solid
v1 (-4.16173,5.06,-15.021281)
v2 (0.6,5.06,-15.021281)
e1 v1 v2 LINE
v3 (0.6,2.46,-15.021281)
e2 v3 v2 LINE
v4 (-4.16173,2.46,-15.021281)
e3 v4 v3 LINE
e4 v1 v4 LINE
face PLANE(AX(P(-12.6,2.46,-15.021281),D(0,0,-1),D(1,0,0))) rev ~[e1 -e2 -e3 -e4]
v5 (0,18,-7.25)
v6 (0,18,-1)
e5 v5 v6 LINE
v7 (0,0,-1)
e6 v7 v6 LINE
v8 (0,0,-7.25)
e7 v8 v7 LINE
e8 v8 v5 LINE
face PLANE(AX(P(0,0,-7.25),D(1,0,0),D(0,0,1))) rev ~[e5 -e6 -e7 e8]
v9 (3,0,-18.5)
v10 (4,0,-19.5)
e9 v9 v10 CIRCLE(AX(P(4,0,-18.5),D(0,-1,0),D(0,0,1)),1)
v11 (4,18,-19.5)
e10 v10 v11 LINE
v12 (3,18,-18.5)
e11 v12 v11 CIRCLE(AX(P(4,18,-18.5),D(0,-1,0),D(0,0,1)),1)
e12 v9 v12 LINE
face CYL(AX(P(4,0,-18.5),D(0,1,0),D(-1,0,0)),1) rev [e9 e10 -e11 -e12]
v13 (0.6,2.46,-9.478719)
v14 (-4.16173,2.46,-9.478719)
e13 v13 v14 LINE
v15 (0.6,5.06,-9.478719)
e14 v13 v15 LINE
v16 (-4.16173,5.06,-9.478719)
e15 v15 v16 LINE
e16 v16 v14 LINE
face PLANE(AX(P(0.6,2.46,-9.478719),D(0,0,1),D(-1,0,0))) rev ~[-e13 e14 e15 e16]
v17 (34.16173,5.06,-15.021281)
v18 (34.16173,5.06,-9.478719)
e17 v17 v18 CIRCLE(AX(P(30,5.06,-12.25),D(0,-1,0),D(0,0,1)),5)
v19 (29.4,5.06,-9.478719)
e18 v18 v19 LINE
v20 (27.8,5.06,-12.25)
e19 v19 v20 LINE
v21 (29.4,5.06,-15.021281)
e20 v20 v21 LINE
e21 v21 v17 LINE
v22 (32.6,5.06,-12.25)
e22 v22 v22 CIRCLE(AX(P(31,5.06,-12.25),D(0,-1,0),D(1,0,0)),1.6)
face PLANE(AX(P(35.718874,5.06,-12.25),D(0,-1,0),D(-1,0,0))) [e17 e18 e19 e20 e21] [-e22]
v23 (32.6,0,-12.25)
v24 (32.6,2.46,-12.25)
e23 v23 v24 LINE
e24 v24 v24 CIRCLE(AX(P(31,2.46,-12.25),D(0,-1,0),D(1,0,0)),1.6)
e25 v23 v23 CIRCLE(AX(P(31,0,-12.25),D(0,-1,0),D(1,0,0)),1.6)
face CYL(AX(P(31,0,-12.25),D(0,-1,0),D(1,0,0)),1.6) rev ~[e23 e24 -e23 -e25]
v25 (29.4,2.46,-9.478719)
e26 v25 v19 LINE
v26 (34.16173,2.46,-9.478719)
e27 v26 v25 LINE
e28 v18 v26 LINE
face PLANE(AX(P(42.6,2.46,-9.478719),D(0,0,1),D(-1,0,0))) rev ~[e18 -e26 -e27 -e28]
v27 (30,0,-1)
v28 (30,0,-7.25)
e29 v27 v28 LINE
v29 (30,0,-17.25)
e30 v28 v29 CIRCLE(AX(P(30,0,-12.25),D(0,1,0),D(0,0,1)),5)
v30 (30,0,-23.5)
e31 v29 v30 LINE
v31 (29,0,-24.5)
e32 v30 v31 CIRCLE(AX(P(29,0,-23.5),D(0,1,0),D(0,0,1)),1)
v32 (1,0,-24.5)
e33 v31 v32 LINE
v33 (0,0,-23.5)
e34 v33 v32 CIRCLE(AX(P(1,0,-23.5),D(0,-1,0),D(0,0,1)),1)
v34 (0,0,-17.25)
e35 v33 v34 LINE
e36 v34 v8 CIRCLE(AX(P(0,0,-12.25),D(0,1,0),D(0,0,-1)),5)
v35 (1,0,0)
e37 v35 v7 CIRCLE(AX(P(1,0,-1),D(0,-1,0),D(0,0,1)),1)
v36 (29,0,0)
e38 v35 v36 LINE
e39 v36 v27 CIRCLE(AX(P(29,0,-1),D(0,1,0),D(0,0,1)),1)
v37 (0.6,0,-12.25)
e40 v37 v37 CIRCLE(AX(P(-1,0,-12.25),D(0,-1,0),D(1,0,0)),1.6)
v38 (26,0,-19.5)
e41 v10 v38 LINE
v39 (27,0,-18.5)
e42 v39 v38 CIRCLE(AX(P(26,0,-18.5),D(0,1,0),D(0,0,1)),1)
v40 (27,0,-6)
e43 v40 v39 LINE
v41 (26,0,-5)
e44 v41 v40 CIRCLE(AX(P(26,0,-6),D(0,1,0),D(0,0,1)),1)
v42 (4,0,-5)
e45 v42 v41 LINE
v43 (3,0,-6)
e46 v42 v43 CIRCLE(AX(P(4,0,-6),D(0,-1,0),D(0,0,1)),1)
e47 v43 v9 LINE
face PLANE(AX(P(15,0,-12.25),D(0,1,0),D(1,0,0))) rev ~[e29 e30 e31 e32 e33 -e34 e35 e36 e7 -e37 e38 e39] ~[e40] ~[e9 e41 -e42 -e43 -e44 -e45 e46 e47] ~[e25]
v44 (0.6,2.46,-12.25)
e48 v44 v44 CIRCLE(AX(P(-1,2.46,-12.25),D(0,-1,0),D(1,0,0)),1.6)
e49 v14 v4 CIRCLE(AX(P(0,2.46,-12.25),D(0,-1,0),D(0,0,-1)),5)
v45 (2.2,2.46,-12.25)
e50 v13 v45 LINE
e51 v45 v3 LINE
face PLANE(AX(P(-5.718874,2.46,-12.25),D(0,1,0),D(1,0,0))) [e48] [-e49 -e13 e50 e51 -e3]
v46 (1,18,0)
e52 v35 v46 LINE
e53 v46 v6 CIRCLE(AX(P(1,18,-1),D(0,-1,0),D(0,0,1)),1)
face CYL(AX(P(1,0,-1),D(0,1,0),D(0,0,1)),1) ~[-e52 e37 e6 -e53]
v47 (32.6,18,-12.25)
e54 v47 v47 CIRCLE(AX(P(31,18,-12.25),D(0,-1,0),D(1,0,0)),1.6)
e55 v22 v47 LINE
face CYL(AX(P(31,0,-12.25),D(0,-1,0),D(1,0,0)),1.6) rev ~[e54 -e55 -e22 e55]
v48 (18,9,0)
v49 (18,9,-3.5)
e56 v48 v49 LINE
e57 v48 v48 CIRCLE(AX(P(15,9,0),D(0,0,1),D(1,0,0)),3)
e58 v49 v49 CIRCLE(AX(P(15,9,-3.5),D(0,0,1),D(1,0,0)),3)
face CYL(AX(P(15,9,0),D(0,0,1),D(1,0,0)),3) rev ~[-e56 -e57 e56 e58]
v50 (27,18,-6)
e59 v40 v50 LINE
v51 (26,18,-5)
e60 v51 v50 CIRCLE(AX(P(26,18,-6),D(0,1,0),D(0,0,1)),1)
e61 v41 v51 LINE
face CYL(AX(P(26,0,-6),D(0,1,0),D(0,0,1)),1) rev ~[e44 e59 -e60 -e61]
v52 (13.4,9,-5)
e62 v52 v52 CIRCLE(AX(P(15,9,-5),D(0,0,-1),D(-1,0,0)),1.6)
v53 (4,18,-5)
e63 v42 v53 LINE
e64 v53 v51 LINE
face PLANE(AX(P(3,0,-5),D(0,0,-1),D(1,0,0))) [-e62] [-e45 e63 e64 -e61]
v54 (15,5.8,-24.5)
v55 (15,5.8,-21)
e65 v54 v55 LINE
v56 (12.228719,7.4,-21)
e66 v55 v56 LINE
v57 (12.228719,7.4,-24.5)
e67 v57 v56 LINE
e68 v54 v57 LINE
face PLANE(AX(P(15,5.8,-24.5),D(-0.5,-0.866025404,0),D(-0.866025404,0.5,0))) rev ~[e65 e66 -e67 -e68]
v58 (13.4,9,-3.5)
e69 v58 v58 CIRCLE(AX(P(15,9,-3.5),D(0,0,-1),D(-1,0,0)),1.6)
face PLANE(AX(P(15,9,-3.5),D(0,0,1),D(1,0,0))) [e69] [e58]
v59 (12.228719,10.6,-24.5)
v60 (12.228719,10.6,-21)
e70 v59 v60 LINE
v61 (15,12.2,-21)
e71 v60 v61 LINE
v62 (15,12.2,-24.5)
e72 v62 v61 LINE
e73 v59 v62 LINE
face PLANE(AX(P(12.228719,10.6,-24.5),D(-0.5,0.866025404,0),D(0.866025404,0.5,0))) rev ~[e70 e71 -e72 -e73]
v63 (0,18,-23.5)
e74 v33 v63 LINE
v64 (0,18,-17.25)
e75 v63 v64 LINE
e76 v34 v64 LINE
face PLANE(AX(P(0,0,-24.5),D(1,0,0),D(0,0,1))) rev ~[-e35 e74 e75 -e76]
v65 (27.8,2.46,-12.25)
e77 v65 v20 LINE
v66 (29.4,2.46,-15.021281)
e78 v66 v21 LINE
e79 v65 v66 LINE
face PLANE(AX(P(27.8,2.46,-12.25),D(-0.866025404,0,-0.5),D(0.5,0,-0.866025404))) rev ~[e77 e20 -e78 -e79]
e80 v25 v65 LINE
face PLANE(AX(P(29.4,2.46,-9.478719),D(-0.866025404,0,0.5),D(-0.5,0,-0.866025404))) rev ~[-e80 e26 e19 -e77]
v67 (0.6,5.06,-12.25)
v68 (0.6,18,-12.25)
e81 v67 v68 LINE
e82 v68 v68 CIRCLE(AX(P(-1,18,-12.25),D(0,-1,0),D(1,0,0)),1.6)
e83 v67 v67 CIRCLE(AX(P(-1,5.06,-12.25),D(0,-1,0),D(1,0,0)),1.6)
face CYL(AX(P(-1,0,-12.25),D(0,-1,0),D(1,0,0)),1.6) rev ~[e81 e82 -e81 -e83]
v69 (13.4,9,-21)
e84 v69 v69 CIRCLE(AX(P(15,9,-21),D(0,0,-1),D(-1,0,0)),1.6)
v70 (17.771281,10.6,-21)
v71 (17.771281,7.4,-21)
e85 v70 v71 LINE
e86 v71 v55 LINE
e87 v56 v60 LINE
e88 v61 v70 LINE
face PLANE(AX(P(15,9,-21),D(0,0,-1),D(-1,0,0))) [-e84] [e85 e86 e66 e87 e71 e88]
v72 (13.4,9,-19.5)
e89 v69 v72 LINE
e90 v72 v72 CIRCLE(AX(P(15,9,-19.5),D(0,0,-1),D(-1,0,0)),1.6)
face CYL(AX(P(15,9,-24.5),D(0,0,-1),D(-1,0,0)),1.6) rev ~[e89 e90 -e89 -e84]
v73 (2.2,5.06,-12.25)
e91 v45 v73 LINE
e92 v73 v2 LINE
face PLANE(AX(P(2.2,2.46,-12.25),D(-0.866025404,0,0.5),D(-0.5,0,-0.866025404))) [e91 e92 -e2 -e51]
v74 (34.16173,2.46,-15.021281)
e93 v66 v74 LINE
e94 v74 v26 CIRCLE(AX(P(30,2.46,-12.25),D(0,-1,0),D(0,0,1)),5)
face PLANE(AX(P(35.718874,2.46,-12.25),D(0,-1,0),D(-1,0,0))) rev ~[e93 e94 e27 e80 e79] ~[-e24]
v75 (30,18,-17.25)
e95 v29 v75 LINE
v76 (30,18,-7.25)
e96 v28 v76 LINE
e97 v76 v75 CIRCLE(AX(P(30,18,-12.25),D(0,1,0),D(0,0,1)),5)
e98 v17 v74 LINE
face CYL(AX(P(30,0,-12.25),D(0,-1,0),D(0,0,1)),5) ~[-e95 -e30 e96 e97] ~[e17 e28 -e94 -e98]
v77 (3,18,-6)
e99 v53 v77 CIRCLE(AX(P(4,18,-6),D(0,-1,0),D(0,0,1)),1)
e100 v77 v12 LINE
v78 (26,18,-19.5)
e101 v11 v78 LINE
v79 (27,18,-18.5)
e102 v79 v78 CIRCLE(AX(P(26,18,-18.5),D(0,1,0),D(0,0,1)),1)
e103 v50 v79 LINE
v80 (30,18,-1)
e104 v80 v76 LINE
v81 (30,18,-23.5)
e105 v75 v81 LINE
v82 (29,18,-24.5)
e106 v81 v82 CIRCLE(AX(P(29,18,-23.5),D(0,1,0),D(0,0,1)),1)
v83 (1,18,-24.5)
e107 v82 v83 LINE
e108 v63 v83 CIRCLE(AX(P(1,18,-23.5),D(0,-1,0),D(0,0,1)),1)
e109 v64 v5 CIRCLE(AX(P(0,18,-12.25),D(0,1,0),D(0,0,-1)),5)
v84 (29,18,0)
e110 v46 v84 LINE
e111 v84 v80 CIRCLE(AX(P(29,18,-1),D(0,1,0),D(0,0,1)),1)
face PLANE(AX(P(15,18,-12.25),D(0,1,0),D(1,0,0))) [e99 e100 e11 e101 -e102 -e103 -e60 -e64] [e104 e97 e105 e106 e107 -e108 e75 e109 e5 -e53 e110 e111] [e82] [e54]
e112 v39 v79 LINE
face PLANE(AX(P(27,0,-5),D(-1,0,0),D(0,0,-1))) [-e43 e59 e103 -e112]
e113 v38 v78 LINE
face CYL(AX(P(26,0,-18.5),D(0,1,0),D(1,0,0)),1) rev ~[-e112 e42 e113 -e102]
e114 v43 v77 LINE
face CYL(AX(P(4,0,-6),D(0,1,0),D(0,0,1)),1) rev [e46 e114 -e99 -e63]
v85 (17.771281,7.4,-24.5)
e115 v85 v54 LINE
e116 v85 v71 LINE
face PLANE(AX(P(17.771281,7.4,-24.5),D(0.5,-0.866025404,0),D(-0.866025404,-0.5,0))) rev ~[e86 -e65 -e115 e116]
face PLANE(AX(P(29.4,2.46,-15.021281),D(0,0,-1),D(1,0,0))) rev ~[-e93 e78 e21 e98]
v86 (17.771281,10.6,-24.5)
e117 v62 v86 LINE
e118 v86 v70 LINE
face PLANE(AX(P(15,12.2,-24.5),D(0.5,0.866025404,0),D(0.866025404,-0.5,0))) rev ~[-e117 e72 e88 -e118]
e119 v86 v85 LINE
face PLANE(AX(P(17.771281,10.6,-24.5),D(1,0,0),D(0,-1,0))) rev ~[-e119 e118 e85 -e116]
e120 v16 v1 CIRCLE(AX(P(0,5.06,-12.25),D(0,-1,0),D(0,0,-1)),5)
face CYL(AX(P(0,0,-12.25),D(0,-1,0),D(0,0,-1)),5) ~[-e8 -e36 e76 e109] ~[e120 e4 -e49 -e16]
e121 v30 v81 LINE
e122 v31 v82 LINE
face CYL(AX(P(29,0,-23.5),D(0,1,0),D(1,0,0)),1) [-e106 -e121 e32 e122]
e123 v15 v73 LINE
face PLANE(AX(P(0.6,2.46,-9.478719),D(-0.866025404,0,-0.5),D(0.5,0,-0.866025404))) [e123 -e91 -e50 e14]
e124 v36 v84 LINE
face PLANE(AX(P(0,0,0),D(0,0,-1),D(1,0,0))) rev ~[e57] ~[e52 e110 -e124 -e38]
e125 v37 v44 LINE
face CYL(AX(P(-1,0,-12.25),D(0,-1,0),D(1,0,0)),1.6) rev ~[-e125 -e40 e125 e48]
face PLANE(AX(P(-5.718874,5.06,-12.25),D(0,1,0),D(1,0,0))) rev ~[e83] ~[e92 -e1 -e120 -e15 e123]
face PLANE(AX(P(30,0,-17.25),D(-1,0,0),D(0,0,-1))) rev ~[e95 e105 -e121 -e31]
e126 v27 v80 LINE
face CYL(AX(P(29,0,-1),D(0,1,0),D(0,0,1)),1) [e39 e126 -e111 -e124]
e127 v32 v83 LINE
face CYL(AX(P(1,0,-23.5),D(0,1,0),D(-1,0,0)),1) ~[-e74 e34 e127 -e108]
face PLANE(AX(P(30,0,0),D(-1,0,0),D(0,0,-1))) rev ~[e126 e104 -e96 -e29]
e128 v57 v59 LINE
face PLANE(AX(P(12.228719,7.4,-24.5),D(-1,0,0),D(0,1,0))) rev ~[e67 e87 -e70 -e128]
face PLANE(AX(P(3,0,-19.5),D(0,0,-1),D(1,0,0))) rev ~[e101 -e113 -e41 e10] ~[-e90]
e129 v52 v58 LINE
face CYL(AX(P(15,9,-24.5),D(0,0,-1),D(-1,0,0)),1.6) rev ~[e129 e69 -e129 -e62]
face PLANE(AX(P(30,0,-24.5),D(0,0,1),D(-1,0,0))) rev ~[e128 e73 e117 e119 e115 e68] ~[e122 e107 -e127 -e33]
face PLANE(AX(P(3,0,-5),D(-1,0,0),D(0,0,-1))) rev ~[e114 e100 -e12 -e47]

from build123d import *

# Parameters (mm, degrees)
SKETCH1_W           = 24
SKETCH1_H           = 14.5
BOSS_EXTRUDE1_DEPTH = 18
SKETCH2_R           = 1.6
CUT_EXTRUDE1_DEPTH  = 19
SKETCH3_R           = 1.6
CUT_EXTRUDE2_DEPTH  = 25.5
SKETCH4_R           = 3
CUT_EXTRUDE3_DEPTH  = 3.5
CUT_EXTRUDE4_DEPTH  = 3.5
FILLET1_R           = 1
CUT_EXTRUDE5_DEPTH  = 2.6


with BuildPart() as part:
    # Sketch1 → Boss-Extrude1 (new body)
    with BuildSketch(Plane(origin=(0, 0, 0), x_dir=(1, 0, 0), z_dir=(0, 1, 0))):
        with BuildLine():
            Line((0, 0), (30, 0))
            Line((30, 0), (30, 7.25))
            ThreePointArc((30, 7.25), (35, 12.25), (30, 17.25))
            Line((30, 17.25), (30, 24.5))
            Line((30, 24.5), (0, 24.5))
            Line((0, 24.5), (0, 17.25))
            ThreePointArc((0, 17.25), (-5, 12.25), (0, 7.25))
            Line((0, 7.25), (0, 0))
        make_face()
        with Locations((15, 12.25)):
            Rectangle(SKETCH1_W, SKETCH1_H, mode=Mode.SUBTRACT)
    extrude(amount=BOSS_EXTRUDE1_DEPTH)

    # Sketch2 → Cut-Extrude1 (cut, through all)
    with BuildSketch(Plane.XZ):
        with Locations((31, -12.25)):
            Circle(SKETCH2_R)
        with Locations((-1, -12.25)):
            Circle(SKETCH2_R)
    extrude(amount=-CUT_EXTRUDE1_DEPTH, mode=Mode.SUBTRACT)

    # Sketch3 → Cut-Extrude2 (cut, through all)
    with BuildSketch(Plane(origin=(0, 0, -24.5), x_dir=(-1, 0, 0), z_dir=(0, 0, -1))):
        with Locations((-15, 9)):
            Circle(SKETCH3_R)
    extrude(amount=-CUT_EXTRUDE2_DEPTH, mode=Mode.SUBTRACT)

    # Sketch4 → Cut-Extrude3 (cut)
    with BuildSketch(Plane.XY):
        with Locations((15, 9)):
            Circle(SKETCH4_R)
    extrude(amount=-CUT_EXTRUDE3_DEPTH, mode=Mode.SUBTRACT)

    # Sketch5 → Cut-Extrude4 (cut)
    with BuildSketch(Plane(origin=(0, 0, -24.5), x_dir=(-1, 0, 0), z_dir=(0, 0, -1))):
        Polygon((-12.228718708, 7.4), (-12.228718708, 10.6), (-15, 12.2), (-17.771281292, 10.6), (-17.771281292, 7.4), (-15, 5.8), align=None)
    extrude(amount=-CUT_EXTRUDE4_DEPTH, mode=Mode.SUBTRACT)

    # Fillet1
    fillet1_edges = [part.edges().sort_by_distance(p)[0] for p in [
        (0, 9, -24.5),
        (30, 9, -24.5),
        (30, 9, 0),
        (0, 9, 0),
        (27, 9, -5),
        (27, 9, -19.5),
        (3, 9, -19.5),
        (3, 9, -5),
    ]]
    fillet(fillet1_edges, radius=FILLET1_R)

    # Sketch6 → Cut-Extrude5 (cut)
    with BuildSketch(Plane(origin=(0, 2.46, 0), x_dir=(-1, 0, 0), z_dir=(0, -1, 0))):
        Polygon((-32.6, 15.021281292), (-42.6, 15.021281292), (-42.6, 9.478718708), (-32.6, 9.478718708), (-29.4, 9.478718708), (-27.8, 12.25), (-29.4, 15.021281292), align=None)
        Polygon((-0.6, 15.021281292), (2.6, 15.021281292), (12.6, 15.021281292), (12.6, 9.478718708), (2.6, 9.478718708), (-0.6, 9.478718708), (-2.2, 12.25), align=None)
    extrude(amount=-CUT_EXTRUDE5_DEPTH, mode=Mode.SUBTRACT)


solid = part.part
